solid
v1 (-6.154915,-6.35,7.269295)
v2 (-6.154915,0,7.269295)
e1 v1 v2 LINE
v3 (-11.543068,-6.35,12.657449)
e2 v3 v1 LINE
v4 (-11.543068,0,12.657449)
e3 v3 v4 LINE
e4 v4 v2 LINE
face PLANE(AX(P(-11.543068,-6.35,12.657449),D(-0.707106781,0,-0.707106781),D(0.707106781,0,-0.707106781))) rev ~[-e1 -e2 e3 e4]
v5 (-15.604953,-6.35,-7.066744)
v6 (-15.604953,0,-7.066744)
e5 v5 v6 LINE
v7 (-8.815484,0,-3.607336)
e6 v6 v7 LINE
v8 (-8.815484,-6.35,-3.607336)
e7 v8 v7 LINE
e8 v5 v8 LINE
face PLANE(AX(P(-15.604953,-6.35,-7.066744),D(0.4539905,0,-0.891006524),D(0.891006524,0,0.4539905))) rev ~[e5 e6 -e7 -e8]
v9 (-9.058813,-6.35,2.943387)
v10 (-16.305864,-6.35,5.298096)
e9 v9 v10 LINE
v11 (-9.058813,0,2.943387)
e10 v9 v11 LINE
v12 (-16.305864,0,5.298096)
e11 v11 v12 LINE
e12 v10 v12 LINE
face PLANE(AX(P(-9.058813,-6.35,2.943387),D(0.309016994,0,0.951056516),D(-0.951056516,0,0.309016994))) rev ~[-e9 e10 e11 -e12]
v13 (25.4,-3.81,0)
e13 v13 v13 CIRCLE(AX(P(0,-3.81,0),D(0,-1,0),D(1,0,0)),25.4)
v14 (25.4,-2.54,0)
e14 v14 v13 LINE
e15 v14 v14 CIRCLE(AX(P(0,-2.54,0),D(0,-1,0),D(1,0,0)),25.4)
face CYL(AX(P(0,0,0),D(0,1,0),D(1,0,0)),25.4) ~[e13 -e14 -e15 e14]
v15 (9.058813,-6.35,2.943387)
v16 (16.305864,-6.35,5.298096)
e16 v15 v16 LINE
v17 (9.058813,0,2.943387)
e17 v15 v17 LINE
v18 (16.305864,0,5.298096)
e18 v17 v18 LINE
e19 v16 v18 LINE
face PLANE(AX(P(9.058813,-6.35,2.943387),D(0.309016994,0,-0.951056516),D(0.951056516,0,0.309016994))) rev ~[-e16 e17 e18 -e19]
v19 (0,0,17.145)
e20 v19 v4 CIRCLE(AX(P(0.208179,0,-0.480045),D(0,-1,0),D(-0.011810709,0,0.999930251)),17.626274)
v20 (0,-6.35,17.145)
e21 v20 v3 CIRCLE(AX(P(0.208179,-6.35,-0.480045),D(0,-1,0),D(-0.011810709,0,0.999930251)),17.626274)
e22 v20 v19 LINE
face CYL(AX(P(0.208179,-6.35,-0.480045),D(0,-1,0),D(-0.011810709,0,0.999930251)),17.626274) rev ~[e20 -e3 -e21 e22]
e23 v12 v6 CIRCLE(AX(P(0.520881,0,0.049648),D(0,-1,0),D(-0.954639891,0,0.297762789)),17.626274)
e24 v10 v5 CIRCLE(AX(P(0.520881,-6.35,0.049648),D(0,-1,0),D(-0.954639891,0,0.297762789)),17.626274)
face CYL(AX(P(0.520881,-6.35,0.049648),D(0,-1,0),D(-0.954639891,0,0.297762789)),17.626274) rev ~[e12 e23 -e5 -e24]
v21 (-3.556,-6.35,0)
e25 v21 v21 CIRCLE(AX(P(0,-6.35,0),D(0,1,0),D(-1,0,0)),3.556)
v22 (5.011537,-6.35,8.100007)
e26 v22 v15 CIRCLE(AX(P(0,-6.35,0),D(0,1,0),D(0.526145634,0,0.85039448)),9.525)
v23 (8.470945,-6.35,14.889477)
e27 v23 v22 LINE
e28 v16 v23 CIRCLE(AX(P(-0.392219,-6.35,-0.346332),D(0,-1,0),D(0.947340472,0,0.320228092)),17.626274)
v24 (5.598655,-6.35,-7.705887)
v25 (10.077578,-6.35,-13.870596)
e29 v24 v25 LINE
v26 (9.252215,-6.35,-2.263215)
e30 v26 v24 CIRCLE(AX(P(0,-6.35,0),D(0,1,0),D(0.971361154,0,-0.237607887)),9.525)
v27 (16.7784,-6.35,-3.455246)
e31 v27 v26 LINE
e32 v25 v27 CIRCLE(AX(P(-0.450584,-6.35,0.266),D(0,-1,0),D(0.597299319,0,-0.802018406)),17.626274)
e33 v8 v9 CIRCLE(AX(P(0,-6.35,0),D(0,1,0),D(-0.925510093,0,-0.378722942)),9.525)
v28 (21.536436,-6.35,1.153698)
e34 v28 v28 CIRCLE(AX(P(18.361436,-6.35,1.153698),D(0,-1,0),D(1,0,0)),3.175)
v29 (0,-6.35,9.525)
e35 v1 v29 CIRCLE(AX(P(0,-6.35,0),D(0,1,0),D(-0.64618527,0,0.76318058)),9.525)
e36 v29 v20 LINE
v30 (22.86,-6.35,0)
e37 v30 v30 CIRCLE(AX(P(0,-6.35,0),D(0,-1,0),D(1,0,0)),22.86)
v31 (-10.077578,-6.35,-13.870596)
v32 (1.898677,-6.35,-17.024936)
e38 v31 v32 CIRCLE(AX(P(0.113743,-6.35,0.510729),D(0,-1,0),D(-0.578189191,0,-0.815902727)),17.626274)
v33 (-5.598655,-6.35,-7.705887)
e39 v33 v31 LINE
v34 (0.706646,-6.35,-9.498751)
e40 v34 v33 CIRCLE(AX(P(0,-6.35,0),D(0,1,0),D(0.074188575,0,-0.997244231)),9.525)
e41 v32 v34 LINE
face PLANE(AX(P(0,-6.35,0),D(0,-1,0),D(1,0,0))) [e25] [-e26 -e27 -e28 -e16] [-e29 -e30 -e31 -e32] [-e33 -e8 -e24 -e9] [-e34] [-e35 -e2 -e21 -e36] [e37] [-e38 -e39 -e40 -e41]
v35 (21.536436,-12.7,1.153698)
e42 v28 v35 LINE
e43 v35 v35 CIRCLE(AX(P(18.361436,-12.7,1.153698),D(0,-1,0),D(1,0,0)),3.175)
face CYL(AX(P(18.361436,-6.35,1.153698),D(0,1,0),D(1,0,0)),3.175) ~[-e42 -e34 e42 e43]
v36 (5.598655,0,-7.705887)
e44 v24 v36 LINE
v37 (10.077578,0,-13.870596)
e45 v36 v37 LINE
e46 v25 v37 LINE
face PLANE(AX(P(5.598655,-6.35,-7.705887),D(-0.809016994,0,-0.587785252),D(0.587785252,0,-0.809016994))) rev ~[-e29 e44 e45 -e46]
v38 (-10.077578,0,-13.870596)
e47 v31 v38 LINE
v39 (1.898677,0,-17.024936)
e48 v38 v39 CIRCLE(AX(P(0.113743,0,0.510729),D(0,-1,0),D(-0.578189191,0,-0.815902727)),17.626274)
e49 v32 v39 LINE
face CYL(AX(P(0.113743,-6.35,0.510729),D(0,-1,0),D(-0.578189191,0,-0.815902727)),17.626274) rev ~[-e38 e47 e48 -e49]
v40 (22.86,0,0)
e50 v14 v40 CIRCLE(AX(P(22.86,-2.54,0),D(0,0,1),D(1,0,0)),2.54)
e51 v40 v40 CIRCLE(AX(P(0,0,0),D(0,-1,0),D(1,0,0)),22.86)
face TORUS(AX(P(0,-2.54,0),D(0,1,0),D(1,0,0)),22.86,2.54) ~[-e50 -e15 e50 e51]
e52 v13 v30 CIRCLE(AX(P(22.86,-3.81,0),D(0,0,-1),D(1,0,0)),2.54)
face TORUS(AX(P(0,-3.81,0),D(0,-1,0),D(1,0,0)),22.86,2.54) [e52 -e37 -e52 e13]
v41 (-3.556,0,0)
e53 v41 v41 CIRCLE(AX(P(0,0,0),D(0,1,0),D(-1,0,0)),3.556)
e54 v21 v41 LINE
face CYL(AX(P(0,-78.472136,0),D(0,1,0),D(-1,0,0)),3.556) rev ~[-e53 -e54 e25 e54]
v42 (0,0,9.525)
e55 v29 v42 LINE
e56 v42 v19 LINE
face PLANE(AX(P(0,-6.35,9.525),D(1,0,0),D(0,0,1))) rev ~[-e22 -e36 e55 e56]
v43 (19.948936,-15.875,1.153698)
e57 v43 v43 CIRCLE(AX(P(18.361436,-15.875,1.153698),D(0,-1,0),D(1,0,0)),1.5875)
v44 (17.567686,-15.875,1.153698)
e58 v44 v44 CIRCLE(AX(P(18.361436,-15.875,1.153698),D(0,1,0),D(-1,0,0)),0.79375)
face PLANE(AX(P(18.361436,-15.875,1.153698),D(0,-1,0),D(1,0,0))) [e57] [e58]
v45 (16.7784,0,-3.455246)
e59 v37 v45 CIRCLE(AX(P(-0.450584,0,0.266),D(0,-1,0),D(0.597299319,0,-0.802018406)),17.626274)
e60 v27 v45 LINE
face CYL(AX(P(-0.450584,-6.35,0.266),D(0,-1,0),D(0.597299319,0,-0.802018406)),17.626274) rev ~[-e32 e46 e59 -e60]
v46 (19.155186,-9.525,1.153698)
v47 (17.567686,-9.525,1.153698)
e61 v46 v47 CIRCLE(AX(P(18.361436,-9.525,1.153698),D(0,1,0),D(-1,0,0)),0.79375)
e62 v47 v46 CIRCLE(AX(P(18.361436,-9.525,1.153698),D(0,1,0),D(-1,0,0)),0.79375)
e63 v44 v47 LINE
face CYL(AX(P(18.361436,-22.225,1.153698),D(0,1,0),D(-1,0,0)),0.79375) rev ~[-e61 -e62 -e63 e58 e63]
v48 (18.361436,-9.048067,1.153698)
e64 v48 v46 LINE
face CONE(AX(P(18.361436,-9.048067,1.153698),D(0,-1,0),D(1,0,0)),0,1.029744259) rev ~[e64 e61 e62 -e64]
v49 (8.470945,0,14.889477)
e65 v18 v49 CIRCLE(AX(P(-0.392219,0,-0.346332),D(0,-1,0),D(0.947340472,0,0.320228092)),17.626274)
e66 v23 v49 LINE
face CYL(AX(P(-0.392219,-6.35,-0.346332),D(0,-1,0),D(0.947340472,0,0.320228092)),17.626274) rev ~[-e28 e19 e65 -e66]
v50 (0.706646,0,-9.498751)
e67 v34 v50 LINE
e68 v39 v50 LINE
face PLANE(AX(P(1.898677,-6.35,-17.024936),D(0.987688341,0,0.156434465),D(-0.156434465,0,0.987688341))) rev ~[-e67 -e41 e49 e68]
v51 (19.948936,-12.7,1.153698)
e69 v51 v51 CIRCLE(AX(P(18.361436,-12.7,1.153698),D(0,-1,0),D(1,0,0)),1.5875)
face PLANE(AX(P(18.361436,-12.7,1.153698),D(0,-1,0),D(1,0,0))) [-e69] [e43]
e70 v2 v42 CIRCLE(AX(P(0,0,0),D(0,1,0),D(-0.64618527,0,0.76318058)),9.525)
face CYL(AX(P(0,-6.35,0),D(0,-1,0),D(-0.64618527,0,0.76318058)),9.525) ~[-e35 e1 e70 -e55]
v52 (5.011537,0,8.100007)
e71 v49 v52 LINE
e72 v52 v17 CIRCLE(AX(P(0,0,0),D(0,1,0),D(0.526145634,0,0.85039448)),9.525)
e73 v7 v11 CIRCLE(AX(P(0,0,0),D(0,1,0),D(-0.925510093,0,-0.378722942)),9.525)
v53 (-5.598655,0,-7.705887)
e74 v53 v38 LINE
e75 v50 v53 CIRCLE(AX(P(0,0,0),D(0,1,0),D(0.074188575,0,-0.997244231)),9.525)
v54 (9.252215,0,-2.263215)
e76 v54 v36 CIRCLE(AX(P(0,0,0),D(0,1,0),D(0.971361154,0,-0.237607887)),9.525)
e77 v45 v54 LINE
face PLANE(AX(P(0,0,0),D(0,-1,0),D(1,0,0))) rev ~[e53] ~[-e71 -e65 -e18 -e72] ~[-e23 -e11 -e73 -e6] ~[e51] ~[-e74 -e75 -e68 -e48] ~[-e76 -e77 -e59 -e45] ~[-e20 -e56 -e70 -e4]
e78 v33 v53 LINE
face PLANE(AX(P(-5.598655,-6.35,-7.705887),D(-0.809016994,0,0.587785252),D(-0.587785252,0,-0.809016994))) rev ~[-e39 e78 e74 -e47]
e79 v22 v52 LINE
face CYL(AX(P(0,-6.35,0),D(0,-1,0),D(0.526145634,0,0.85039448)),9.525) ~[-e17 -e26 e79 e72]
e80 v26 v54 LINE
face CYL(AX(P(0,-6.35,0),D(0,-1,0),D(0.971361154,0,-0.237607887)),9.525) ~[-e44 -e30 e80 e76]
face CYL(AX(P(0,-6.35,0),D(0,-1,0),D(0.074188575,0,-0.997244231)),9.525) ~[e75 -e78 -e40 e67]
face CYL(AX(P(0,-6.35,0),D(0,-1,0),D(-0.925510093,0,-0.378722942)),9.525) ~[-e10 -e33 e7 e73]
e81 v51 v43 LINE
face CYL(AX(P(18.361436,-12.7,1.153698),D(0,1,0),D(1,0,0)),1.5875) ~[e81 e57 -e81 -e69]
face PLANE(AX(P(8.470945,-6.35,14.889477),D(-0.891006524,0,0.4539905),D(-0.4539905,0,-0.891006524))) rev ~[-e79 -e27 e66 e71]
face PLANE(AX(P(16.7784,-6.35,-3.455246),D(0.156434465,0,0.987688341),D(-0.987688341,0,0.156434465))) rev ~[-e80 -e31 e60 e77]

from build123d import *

# Parameters (mm, degrees)
F0_R      = 25.4
F1_DEPTH  = 6.35
F2_R      = 2.54
F4_DEPTH  = 6.35
F6_D      = 7.112
F7_R      = 3.175
F8_DEPTH  = 6.35
F9_R      = 1.5875
F10_DEPTH = 3.175
F12_D     = 1.5875
F12_DEPTH = 6.35
F12_TIP   = 0.4769331164


with BuildPart() as f1:
    # F0 (on Front) → F1 (new body)
    with BuildSketch(Plane.XZ):
        Circle(F0_R)
    extrude(amount=F1_DEPTH)

    # F2
    f2_edges = [f1.edges().sort_by_distance(p)[0] for p in [
        (-25.4, -6.35, 0),
        (-25.4, 0, 0),
    ]]
    fillet(f2_edges, radius=F2_R)

    # F3 (on face) → F4 (cut)
    with BuildSketch(Plane.XZ.offset(6.35)):
        with BuildLine():
            ThreePointArc((-6.1549146928, 7.2692950225), (-3.2776203189, 8.9433120288), (0, 9.525))
            Line((0, 9.525), (0, 17.145))
            ThreePointArc((0, 17.145), (-6.1786433002, 15.9484075566), (-11.5430683654, 12.6574486952))
            Line((-11.5430683654, 12.6574486952), (-6.1549146928, 7.2692950225))
        make_face()
        with BuildLine():
            ThreePointArc((-8.8154836391, -3.6073360267), (-9.5184355619, -0.3535667594), (-9.0588133177, 2.9433868714))
            Line((-9.0588133177, 2.9433868714), (-16.3058639719, 5.2980963686))
            ThreePointArc((-16.3058639719, 5.2980963686), (-17.0771427132, -0.9479100044), (-15.6049533534, -7.0667436347))
            Line((-15.6049533534, -7.0667436347), (-8.8154836391, -3.6073360267))
        make_face()
        with BuildLine():
            Line((1.8986768002, -17.0249364512), (0.7066461766, -9.4987512959))
            ThreePointArc((0.7066461766, -9.4987512959), (-2.6050963781, -9.1618283034), (-5.5986545281, -7.7058868714))
            Line((-5.5986545281, -7.7058868714), (-10.0775781506, -13.8705963686))
            ThreePointArc((-10.0775781506, -13.8705963686), (-4.3756113272, -16.5342481576), (1.8986768002, -17.0249364512))
        make_face()
        with BuildLine():
            Line((16.7784001495, -3.4552457484), (9.2522149942, -2.2632151248))
            ThreePointArc((9.2522149942, -2.2632151248), (7.9083974563, -5.3087545312), (5.5986545281, -7.7058868714))
            Line((5.5986545281, -7.7058868714), (10.0775781506, -13.8705963686))
            ThreePointArc((10.0775781506, -13.8705963686), (14.3728661914, -9.2708173354), (16.7784001495, -3.4552457484))
        make_face()
        with BuildLine():
            ThreePointArc((5.0115371611, 8.1000074249), (7.4927548026, 5.8808375652), (9.0588133177, 2.9433868714))
            Line((9.0588133177, 2.9433868714), (16.3058639719, 5.2980963686))
            ThreePointArc((16.3058639719, 5.2980963686), (13.2585311493, 10.8045679408), (8.4709447691, 14.8894771392))
            Line((8.4709447691, 14.8894771392), (5.0115371611, 8.1000074249))
        make_face()
    extrude(amount=-F4_DEPTH, mode=Mode.SUBTRACT)

    # F6 (through all)
    with Locations(Plane.XZ.offset(6.35)):
        with Locations((0, 0)):
            Hole(F6_D / 2)

    # F7 (on face) → F8 (join)
    with BuildSketch(Plane.XZ.offset(6.35)):
        with Locations((18.3614359412, 1.1536982916)):
            Circle(F7_R)
    extrude(amount=F8_DEPTH)

    # F9 (on face) → F10 (join)
    with BuildSketch(Plane.XZ.offset(12.7)):
        with Locations((18.3614359412, 1.1536982916)):
            Circle(F9_R)
    extrude(amount=F10_DEPTH)

    # F12
    with Locations(Plane.XZ.offset(15.875)):
        with Locations((18.3614359412, 1.1536982916)):
            Hole(F12_D / 2, depth=F12_DEPTH)
            with Locations((0, 0, -(F12_DEPTH + F12_TIP / 2))):  # 118° drill point
                Cone(0, F12_D / 2, F12_TIP, mode=Mode.SUBTRACT)


solid = f1.part
